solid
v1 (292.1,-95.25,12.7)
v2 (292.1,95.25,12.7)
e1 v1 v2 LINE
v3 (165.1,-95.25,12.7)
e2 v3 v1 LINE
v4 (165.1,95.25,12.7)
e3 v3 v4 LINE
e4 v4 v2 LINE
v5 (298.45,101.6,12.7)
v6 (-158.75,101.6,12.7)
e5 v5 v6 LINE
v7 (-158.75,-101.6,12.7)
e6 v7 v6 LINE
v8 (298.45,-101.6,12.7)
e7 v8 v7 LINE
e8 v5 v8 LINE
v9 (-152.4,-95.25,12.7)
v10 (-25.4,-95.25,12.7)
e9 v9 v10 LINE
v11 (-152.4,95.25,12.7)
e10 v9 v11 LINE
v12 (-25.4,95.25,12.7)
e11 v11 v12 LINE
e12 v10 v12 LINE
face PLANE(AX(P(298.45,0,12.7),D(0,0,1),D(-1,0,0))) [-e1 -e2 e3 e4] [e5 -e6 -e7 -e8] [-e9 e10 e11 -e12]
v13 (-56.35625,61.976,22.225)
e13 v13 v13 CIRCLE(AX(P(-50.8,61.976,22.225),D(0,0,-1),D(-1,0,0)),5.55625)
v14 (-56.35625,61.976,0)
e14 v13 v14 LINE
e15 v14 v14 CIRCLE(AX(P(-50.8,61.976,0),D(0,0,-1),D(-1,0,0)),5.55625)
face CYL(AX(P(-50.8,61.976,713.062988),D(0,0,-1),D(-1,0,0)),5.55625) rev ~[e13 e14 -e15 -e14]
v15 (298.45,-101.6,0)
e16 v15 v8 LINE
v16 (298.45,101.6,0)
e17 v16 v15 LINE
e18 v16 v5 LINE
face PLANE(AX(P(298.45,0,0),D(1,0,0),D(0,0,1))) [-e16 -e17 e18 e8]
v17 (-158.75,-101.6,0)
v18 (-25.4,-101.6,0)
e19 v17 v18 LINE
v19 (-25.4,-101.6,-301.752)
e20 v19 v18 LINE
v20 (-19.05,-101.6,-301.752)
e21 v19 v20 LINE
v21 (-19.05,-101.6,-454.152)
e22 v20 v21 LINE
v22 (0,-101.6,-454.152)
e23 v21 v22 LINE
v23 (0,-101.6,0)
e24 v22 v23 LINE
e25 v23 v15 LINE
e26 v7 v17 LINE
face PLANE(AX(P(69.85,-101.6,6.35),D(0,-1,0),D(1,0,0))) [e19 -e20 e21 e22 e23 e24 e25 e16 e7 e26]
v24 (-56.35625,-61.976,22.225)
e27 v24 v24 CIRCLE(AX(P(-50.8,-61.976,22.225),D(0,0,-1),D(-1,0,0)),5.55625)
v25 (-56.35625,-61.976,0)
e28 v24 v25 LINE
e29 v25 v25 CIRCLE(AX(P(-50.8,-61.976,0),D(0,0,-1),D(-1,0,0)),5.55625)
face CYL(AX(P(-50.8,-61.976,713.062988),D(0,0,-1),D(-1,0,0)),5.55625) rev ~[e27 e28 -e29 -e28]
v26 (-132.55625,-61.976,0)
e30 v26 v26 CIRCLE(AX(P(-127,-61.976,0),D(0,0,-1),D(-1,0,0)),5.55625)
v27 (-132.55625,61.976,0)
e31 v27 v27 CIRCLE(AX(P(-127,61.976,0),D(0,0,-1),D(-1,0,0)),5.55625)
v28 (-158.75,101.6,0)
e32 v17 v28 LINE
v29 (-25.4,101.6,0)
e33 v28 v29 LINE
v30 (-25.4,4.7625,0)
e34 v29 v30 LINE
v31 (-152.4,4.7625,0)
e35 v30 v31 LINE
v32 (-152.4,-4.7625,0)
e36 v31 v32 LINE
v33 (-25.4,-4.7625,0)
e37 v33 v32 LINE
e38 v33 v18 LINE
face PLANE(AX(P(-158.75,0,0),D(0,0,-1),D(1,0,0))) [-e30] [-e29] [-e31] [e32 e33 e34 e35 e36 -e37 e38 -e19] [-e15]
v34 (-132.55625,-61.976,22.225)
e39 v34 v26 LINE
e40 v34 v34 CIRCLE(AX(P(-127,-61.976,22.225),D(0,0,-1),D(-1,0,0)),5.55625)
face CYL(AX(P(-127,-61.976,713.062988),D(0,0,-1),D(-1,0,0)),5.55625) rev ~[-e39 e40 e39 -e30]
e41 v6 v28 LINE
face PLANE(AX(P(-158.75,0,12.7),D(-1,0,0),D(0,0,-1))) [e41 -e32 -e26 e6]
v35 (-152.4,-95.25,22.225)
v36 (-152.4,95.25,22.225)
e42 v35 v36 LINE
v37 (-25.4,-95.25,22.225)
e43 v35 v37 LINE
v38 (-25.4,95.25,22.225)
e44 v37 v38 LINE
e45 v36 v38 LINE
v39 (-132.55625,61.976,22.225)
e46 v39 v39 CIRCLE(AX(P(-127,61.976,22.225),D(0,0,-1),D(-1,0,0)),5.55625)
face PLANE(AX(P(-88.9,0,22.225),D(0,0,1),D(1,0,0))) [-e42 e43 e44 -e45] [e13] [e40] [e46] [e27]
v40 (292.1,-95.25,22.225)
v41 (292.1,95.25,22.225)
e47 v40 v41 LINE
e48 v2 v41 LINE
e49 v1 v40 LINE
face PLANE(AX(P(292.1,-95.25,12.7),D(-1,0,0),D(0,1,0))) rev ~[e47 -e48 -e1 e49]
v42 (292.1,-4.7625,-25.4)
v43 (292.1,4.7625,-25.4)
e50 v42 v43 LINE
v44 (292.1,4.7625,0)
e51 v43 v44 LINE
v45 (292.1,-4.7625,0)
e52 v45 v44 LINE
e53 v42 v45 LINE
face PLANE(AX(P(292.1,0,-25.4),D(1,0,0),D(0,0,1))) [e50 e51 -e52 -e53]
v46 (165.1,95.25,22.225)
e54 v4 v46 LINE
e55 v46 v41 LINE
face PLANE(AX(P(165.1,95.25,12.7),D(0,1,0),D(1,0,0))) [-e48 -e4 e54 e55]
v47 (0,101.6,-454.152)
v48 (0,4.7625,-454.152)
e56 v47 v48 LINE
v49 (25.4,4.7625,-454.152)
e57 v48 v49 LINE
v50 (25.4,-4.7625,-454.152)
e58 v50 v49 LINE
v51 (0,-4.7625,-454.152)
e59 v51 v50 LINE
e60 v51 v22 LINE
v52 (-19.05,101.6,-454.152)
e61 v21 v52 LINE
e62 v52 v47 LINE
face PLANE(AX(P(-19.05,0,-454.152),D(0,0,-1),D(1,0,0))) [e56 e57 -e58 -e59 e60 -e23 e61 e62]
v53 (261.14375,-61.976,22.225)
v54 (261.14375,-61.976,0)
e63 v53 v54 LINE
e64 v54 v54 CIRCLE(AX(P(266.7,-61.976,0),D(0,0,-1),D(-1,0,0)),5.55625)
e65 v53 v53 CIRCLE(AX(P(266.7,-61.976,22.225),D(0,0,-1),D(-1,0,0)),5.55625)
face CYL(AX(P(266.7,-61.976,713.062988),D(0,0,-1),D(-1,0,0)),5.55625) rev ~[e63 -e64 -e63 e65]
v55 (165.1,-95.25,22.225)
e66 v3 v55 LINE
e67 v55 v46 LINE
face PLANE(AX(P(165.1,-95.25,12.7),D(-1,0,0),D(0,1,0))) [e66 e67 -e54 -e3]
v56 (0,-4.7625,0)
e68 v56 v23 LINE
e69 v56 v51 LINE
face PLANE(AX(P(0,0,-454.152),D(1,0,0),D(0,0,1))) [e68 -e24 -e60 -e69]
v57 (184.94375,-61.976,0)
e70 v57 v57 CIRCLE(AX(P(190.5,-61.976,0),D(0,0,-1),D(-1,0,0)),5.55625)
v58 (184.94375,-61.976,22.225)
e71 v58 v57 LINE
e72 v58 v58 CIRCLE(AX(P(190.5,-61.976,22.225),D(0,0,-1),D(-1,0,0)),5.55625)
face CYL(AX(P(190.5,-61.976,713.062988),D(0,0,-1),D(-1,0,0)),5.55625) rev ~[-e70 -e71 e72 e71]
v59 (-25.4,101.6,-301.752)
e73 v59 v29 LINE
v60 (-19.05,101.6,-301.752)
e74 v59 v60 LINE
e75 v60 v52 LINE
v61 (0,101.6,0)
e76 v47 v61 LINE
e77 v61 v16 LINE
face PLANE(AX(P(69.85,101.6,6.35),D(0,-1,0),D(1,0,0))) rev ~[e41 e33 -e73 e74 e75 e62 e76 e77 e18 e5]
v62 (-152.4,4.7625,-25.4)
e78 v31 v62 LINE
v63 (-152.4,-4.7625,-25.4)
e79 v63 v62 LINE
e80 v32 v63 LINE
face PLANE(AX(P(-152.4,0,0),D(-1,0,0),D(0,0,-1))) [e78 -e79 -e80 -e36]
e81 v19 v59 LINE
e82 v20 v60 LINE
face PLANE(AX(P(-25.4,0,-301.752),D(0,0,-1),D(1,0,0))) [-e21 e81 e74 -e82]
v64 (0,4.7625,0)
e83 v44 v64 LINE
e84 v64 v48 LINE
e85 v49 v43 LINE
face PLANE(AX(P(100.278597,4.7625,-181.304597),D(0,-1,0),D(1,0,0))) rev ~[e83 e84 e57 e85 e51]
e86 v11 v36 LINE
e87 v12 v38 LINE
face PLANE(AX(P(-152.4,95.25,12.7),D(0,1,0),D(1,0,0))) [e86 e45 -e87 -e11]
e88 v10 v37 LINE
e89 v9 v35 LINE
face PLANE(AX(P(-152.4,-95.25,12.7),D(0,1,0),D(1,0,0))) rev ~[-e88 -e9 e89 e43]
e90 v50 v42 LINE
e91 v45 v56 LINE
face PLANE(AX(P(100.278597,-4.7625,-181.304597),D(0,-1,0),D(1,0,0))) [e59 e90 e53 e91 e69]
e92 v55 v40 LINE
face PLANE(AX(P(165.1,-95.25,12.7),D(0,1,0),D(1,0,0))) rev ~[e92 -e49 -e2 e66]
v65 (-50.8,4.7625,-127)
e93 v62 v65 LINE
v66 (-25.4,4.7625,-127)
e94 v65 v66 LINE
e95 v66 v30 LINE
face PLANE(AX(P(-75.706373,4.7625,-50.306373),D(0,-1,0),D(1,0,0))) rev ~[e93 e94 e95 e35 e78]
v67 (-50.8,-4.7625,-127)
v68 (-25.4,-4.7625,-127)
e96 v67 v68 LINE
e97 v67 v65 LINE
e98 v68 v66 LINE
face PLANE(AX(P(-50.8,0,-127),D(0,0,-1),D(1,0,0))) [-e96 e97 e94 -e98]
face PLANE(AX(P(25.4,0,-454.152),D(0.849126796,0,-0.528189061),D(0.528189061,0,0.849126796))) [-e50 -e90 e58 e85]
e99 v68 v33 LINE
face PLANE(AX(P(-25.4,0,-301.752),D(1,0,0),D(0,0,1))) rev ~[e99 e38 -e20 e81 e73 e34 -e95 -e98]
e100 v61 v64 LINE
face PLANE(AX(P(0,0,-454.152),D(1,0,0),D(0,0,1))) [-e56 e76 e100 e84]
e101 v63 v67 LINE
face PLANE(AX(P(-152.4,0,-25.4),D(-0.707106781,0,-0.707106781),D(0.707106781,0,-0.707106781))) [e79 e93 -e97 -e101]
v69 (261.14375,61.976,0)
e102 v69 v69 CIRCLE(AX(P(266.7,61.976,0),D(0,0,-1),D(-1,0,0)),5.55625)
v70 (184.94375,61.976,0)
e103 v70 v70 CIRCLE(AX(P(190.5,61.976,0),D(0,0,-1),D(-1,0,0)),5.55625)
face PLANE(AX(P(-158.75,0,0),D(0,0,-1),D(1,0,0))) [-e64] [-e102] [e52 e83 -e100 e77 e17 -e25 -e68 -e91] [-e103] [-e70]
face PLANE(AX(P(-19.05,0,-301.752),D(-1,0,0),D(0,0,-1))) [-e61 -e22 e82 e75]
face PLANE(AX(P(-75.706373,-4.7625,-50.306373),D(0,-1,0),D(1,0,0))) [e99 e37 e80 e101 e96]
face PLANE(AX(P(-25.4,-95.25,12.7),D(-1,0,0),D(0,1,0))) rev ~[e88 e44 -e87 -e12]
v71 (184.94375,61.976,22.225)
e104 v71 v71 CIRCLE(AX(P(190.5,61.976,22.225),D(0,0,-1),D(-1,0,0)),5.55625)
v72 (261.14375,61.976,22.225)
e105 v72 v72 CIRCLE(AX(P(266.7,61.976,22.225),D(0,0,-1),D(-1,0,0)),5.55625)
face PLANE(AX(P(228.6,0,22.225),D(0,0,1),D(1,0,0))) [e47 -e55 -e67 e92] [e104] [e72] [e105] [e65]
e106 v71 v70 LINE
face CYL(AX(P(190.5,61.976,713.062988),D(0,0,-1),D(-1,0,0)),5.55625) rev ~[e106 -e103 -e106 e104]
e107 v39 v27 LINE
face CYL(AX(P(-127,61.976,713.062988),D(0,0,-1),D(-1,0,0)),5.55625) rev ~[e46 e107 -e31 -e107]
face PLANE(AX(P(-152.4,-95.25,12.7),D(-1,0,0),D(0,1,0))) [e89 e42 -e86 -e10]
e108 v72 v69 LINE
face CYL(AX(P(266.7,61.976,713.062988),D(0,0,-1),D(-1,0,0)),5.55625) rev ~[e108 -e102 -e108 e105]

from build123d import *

# Parameters (mm, degrees)
F0_W     = 6.35
F0_H     = 301.752
F1_DEPTH = 101.6
F3_DEPTH = 101.6
F5_DEPTH = 4.7625
F7_DEPTH = 4.7625
F8_W     = 127
F8_H     = 190.5
F9_DEPTH = 9.525
F11_D    = 11.1125


with BuildPart() as f1:
    # F0 (on Front) → F1 (new body, symmetric)
    with BuildSketch(Plane.XZ):
        Polygon((-19.05, -454.152), (0, -454.152), (0, 0), (-19.05, 0), (-19.05, -301.752), align=None)
        with Locations((-22.225, -150.876)):
            Rectangle(F0_W, F0_H)
    extrude(amount=F1_DEPTH, both=True)

    # F2 (on Front) → F3 (join, symmetric)
    with BuildSketch(Plane.XZ):
        Polygon((-158.75, 0), (0, 0), (298.45, 0), (298.45, 12.7), (-158.75, 12.7), align=None)
    extrude(amount=F3_DEPTH, both=True)

    # F4 (on Front) → F5 (join, symmetric)
    with BuildSketch(Plane.XZ):
        Polygon((-25.4, -127), (-25.4, 0), (-152.4, 0), (-152.4, -25.4), (-50.8, -127), align=None)
    extrude(amount=F5_DEPTH, both=True)

    # F6 (on Front) → F7 (join, symmetric)
    with BuildSketch(Plane.XZ):
        Polygon((292.1, 0), (0, 0), (0, -454.152), (25.4, -454.152), (292.1, -25.4), align=None)
    extrude(amount=F7_DEPTH, both=True)

    # F8 (on face) → F9 (join)
    with BuildSketch(Plane.XY.offset(12.7)):
        with Locations((-88.9, 0)):
            Rectangle(F8_W, F8_H)
        with Locations((228.6, 0)):
            Rectangle(F8_W, F8_H)
    extrude(amount=F9_DEPTH)

    # F11 (through all)
    with Locations(Plane.XY.offset(22.225)):
        with Locations((-127, 61.976), (-50.8, 61.976), (-127, -61.976), (-50.8, -61.976), (190.5, 61.976), (266.7, 61.976), (266.7, -61.976), (190.5, -61.976)):
            Hole(F11_D / 2)


solid = f1.part
